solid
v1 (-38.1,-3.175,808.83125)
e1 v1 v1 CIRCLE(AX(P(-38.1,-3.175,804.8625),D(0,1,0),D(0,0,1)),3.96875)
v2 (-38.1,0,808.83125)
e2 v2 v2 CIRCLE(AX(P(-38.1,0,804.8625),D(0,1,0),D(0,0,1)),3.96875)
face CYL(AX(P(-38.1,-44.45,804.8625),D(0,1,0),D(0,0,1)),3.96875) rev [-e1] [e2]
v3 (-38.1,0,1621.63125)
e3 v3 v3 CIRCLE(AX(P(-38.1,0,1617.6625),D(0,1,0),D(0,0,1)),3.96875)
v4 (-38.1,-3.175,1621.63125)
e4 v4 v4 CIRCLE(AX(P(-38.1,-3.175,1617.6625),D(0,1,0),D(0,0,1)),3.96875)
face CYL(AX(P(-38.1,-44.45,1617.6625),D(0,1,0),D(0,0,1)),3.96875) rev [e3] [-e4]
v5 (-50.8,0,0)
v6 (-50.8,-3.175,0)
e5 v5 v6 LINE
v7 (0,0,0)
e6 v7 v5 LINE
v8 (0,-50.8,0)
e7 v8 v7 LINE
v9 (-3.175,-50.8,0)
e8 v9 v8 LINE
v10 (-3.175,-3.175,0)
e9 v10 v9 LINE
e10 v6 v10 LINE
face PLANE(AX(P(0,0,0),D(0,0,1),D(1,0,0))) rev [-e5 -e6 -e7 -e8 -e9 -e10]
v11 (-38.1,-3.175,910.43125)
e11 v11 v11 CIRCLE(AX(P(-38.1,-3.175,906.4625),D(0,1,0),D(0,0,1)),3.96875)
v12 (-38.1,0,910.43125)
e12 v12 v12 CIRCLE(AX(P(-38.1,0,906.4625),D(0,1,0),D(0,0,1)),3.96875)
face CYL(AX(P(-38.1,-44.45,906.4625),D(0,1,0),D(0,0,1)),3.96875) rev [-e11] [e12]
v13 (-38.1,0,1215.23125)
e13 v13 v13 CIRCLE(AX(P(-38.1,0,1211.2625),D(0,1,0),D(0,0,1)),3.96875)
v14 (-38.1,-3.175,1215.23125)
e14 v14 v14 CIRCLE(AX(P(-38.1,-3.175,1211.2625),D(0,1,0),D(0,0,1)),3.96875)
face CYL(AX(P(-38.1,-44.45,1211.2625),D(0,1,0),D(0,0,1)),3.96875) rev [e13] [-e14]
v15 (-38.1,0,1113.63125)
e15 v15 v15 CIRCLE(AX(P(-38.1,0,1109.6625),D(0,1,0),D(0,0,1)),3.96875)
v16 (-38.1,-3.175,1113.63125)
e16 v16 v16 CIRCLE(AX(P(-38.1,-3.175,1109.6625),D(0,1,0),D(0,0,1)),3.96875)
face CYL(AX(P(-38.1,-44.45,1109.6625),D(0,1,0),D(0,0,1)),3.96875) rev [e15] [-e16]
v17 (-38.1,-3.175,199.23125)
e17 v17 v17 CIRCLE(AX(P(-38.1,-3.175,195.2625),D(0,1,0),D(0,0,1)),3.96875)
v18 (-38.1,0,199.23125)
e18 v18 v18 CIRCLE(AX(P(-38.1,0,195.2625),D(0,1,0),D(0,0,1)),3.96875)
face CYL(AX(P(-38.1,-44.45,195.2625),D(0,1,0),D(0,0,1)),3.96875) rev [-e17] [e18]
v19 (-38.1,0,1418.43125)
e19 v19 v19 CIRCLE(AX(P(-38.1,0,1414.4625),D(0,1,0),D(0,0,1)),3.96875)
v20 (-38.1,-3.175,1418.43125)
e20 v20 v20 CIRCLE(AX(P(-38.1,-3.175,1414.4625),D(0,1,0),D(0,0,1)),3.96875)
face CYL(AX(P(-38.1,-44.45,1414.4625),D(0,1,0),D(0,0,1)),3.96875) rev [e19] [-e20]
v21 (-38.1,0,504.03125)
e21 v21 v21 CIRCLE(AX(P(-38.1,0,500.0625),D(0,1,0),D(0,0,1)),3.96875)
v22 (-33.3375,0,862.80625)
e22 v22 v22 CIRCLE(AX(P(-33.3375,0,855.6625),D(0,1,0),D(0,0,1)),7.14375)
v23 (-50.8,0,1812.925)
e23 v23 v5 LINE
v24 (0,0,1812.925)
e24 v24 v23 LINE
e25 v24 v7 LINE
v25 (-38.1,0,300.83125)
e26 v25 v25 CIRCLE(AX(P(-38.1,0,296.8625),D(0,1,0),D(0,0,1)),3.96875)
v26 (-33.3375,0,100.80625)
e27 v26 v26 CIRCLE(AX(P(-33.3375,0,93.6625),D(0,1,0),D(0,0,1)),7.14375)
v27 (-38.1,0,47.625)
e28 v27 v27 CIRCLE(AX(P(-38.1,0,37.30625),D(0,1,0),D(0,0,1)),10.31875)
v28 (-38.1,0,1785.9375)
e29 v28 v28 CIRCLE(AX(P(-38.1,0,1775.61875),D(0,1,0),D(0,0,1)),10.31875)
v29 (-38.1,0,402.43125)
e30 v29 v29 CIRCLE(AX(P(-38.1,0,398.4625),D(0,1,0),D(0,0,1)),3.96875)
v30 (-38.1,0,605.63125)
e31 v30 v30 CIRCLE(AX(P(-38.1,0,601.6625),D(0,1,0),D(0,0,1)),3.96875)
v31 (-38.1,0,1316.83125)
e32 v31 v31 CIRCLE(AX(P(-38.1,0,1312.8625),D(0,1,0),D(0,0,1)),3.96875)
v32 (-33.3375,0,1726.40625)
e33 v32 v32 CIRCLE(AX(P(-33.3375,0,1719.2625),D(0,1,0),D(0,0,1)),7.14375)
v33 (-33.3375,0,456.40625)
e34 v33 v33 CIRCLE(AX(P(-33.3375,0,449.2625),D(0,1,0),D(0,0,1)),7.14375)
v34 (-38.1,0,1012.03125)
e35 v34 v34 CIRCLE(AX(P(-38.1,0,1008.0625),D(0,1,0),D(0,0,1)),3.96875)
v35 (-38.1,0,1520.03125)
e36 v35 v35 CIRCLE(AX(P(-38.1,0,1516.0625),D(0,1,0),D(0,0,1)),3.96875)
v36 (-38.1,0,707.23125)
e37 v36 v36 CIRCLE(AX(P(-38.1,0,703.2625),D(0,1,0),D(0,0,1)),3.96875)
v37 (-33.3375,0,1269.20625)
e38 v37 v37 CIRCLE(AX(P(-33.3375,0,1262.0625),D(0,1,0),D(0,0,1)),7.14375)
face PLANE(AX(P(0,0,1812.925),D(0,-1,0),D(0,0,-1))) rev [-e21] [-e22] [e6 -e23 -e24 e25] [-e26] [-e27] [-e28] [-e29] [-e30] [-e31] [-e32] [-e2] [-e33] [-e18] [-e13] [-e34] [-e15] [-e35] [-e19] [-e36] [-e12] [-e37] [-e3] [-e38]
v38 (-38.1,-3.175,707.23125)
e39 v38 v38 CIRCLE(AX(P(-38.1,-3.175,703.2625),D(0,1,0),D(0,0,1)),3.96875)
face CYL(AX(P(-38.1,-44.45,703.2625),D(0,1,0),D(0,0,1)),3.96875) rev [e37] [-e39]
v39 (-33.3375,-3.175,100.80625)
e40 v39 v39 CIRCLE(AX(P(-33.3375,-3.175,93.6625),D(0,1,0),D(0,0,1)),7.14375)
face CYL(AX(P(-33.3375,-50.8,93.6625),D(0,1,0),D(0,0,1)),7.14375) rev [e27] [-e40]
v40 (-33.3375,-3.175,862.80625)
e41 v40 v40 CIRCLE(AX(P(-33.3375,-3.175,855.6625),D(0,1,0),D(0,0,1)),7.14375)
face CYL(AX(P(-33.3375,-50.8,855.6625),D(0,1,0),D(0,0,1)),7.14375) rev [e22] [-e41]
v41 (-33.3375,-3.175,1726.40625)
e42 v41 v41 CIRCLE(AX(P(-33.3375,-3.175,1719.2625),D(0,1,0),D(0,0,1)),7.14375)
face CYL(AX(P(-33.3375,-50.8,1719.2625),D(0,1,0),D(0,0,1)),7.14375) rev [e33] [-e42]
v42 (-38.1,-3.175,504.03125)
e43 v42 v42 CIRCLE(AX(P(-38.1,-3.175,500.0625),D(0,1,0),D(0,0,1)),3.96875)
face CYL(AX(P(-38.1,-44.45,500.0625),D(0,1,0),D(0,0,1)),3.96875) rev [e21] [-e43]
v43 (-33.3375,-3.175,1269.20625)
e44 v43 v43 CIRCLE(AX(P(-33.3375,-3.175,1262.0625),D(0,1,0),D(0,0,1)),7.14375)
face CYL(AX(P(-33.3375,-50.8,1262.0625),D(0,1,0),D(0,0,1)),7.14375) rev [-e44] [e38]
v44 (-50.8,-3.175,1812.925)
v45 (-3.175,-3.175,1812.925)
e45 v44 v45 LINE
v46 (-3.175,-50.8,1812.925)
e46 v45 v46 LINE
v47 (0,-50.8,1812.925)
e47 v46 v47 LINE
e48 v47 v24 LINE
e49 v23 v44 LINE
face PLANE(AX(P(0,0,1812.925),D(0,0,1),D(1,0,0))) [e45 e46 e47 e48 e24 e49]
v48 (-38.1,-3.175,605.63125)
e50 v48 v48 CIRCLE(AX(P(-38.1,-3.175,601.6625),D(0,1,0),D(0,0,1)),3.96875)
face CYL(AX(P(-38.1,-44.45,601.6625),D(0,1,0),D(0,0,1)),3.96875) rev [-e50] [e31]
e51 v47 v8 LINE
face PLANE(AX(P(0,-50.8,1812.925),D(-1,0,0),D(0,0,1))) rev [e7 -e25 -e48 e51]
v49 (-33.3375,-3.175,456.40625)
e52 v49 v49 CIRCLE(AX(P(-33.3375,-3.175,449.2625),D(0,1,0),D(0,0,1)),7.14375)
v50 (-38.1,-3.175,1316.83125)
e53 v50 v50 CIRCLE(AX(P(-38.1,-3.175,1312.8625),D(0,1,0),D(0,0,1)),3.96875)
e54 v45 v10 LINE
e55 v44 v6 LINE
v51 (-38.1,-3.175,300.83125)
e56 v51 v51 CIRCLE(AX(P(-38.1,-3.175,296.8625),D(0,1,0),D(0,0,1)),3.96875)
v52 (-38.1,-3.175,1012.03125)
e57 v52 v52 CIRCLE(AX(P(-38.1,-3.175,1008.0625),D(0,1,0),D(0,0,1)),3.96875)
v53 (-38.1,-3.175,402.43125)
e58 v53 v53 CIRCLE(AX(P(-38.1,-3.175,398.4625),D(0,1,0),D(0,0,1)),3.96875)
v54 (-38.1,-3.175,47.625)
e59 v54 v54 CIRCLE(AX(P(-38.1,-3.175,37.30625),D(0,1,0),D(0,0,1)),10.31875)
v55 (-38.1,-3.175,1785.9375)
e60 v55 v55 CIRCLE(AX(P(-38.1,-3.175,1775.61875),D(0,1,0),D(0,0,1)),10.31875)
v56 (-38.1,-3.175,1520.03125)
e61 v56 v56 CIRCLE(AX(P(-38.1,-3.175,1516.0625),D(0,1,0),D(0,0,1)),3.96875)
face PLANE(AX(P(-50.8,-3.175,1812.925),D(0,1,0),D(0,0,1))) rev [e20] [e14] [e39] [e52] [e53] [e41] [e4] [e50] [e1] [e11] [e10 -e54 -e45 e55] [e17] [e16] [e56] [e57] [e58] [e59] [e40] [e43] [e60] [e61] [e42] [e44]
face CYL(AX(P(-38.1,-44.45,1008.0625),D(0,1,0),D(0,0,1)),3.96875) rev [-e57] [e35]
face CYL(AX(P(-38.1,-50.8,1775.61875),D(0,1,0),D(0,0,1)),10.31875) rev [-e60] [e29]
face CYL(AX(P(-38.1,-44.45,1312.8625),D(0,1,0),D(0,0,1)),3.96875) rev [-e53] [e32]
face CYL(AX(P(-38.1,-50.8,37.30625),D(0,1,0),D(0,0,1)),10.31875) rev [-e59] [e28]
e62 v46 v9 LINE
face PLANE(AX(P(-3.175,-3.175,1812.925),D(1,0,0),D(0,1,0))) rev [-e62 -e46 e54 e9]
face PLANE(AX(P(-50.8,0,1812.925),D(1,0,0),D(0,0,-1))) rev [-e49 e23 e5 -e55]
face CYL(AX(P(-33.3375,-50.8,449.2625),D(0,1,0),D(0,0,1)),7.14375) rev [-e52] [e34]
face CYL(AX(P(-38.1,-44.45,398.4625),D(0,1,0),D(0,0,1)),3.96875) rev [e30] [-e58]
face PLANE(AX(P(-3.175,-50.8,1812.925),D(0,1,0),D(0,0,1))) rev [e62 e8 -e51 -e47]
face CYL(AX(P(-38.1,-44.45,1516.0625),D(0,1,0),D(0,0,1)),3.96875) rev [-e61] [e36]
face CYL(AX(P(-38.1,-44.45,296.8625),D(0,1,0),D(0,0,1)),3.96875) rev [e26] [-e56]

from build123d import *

# Parameters (mm, degrees)
BOSS_EXTRUDE1_DEPTH = 1812.925
SKETCH2_R           = 10.31875
SKETCH2_R_2         = 7.14375
CUT_EXTRUDE1_DEPTH  = 51.8
SKETCH4_R           = 3.96875
CUT_EXTRUDE3_DEPTH  = 44.45
LPATTERN1_COUNT     = 15
LPATTERN1_PITCH     = 101.6


with BuildPart() as part:
    # Sketch1 → Boss-Extrude1 (new body)
    with BuildSketch(Plane.XY):
        Polygon((0, 0), (-50.8, 0), (-50.8, -3.175), (-3.175, -3.175), (-3.175, -50.8), (0, -50.8), align=None)
    extrude(amount=BOSS_EXTRUDE1_DEPTH)

    # Sketch2 → Cut-Extrude1 (cut, through all)
    with BuildSketch(Plane(origin=(0, 0, 0), x_dir=(1, 0, 0), z_dir=(0, 1, 0))):
        with Locations((-38.1, -37.30625)):
            Circle(SKETCH2_R)
        with Locations((-38.1, -1775.61875)):
            Circle(SKETCH2_R)
        with Locations((-33.3375, -93.6625)):
            Circle(SKETCH2_R_2)
        with Locations((-33.3375, -449.2625)):
            Circle(SKETCH2_R_2)
        with Locations((-33.3375, -855.6625)):
            Circle(SKETCH2_R_2)
        with Locations((-33.3375, -1262.0625)):
            Circle(SKETCH2_R_2)
        with Locations((-33.3375, -1719.2625)):
            Circle(SKETCH2_R_2)
    extrude(amount=-CUT_EXTRUDE1_DEPTH, mode=Mode.SUBTRACT)

    # Sketch4 → Cut-Extrude3 (cut)
    with BuildSketch(Plane(origin=(-2.029899632, 0, 893.163272881), x_dir=(1, 0, 0), z_dir=(0, 1, 0))):
        with Locations((-36.070100368, 697.900772881)):
            Circle(SKETCH4_R)
    cut_extrude3 = extrude(amount=-CUT_EXTRUDE3_DEPTH, mode=Mode.SUBTRACT)

    # LPattern1: Cut-Extrude3 ×15
    with Locations(*[(0, 0, i * LPATTERN1_PITCH) for i in range(1, LPATTERN1_COUNT)]):
        add(cut_extrude3, mode=Mode.SUBTRACT)


solid = part.part
